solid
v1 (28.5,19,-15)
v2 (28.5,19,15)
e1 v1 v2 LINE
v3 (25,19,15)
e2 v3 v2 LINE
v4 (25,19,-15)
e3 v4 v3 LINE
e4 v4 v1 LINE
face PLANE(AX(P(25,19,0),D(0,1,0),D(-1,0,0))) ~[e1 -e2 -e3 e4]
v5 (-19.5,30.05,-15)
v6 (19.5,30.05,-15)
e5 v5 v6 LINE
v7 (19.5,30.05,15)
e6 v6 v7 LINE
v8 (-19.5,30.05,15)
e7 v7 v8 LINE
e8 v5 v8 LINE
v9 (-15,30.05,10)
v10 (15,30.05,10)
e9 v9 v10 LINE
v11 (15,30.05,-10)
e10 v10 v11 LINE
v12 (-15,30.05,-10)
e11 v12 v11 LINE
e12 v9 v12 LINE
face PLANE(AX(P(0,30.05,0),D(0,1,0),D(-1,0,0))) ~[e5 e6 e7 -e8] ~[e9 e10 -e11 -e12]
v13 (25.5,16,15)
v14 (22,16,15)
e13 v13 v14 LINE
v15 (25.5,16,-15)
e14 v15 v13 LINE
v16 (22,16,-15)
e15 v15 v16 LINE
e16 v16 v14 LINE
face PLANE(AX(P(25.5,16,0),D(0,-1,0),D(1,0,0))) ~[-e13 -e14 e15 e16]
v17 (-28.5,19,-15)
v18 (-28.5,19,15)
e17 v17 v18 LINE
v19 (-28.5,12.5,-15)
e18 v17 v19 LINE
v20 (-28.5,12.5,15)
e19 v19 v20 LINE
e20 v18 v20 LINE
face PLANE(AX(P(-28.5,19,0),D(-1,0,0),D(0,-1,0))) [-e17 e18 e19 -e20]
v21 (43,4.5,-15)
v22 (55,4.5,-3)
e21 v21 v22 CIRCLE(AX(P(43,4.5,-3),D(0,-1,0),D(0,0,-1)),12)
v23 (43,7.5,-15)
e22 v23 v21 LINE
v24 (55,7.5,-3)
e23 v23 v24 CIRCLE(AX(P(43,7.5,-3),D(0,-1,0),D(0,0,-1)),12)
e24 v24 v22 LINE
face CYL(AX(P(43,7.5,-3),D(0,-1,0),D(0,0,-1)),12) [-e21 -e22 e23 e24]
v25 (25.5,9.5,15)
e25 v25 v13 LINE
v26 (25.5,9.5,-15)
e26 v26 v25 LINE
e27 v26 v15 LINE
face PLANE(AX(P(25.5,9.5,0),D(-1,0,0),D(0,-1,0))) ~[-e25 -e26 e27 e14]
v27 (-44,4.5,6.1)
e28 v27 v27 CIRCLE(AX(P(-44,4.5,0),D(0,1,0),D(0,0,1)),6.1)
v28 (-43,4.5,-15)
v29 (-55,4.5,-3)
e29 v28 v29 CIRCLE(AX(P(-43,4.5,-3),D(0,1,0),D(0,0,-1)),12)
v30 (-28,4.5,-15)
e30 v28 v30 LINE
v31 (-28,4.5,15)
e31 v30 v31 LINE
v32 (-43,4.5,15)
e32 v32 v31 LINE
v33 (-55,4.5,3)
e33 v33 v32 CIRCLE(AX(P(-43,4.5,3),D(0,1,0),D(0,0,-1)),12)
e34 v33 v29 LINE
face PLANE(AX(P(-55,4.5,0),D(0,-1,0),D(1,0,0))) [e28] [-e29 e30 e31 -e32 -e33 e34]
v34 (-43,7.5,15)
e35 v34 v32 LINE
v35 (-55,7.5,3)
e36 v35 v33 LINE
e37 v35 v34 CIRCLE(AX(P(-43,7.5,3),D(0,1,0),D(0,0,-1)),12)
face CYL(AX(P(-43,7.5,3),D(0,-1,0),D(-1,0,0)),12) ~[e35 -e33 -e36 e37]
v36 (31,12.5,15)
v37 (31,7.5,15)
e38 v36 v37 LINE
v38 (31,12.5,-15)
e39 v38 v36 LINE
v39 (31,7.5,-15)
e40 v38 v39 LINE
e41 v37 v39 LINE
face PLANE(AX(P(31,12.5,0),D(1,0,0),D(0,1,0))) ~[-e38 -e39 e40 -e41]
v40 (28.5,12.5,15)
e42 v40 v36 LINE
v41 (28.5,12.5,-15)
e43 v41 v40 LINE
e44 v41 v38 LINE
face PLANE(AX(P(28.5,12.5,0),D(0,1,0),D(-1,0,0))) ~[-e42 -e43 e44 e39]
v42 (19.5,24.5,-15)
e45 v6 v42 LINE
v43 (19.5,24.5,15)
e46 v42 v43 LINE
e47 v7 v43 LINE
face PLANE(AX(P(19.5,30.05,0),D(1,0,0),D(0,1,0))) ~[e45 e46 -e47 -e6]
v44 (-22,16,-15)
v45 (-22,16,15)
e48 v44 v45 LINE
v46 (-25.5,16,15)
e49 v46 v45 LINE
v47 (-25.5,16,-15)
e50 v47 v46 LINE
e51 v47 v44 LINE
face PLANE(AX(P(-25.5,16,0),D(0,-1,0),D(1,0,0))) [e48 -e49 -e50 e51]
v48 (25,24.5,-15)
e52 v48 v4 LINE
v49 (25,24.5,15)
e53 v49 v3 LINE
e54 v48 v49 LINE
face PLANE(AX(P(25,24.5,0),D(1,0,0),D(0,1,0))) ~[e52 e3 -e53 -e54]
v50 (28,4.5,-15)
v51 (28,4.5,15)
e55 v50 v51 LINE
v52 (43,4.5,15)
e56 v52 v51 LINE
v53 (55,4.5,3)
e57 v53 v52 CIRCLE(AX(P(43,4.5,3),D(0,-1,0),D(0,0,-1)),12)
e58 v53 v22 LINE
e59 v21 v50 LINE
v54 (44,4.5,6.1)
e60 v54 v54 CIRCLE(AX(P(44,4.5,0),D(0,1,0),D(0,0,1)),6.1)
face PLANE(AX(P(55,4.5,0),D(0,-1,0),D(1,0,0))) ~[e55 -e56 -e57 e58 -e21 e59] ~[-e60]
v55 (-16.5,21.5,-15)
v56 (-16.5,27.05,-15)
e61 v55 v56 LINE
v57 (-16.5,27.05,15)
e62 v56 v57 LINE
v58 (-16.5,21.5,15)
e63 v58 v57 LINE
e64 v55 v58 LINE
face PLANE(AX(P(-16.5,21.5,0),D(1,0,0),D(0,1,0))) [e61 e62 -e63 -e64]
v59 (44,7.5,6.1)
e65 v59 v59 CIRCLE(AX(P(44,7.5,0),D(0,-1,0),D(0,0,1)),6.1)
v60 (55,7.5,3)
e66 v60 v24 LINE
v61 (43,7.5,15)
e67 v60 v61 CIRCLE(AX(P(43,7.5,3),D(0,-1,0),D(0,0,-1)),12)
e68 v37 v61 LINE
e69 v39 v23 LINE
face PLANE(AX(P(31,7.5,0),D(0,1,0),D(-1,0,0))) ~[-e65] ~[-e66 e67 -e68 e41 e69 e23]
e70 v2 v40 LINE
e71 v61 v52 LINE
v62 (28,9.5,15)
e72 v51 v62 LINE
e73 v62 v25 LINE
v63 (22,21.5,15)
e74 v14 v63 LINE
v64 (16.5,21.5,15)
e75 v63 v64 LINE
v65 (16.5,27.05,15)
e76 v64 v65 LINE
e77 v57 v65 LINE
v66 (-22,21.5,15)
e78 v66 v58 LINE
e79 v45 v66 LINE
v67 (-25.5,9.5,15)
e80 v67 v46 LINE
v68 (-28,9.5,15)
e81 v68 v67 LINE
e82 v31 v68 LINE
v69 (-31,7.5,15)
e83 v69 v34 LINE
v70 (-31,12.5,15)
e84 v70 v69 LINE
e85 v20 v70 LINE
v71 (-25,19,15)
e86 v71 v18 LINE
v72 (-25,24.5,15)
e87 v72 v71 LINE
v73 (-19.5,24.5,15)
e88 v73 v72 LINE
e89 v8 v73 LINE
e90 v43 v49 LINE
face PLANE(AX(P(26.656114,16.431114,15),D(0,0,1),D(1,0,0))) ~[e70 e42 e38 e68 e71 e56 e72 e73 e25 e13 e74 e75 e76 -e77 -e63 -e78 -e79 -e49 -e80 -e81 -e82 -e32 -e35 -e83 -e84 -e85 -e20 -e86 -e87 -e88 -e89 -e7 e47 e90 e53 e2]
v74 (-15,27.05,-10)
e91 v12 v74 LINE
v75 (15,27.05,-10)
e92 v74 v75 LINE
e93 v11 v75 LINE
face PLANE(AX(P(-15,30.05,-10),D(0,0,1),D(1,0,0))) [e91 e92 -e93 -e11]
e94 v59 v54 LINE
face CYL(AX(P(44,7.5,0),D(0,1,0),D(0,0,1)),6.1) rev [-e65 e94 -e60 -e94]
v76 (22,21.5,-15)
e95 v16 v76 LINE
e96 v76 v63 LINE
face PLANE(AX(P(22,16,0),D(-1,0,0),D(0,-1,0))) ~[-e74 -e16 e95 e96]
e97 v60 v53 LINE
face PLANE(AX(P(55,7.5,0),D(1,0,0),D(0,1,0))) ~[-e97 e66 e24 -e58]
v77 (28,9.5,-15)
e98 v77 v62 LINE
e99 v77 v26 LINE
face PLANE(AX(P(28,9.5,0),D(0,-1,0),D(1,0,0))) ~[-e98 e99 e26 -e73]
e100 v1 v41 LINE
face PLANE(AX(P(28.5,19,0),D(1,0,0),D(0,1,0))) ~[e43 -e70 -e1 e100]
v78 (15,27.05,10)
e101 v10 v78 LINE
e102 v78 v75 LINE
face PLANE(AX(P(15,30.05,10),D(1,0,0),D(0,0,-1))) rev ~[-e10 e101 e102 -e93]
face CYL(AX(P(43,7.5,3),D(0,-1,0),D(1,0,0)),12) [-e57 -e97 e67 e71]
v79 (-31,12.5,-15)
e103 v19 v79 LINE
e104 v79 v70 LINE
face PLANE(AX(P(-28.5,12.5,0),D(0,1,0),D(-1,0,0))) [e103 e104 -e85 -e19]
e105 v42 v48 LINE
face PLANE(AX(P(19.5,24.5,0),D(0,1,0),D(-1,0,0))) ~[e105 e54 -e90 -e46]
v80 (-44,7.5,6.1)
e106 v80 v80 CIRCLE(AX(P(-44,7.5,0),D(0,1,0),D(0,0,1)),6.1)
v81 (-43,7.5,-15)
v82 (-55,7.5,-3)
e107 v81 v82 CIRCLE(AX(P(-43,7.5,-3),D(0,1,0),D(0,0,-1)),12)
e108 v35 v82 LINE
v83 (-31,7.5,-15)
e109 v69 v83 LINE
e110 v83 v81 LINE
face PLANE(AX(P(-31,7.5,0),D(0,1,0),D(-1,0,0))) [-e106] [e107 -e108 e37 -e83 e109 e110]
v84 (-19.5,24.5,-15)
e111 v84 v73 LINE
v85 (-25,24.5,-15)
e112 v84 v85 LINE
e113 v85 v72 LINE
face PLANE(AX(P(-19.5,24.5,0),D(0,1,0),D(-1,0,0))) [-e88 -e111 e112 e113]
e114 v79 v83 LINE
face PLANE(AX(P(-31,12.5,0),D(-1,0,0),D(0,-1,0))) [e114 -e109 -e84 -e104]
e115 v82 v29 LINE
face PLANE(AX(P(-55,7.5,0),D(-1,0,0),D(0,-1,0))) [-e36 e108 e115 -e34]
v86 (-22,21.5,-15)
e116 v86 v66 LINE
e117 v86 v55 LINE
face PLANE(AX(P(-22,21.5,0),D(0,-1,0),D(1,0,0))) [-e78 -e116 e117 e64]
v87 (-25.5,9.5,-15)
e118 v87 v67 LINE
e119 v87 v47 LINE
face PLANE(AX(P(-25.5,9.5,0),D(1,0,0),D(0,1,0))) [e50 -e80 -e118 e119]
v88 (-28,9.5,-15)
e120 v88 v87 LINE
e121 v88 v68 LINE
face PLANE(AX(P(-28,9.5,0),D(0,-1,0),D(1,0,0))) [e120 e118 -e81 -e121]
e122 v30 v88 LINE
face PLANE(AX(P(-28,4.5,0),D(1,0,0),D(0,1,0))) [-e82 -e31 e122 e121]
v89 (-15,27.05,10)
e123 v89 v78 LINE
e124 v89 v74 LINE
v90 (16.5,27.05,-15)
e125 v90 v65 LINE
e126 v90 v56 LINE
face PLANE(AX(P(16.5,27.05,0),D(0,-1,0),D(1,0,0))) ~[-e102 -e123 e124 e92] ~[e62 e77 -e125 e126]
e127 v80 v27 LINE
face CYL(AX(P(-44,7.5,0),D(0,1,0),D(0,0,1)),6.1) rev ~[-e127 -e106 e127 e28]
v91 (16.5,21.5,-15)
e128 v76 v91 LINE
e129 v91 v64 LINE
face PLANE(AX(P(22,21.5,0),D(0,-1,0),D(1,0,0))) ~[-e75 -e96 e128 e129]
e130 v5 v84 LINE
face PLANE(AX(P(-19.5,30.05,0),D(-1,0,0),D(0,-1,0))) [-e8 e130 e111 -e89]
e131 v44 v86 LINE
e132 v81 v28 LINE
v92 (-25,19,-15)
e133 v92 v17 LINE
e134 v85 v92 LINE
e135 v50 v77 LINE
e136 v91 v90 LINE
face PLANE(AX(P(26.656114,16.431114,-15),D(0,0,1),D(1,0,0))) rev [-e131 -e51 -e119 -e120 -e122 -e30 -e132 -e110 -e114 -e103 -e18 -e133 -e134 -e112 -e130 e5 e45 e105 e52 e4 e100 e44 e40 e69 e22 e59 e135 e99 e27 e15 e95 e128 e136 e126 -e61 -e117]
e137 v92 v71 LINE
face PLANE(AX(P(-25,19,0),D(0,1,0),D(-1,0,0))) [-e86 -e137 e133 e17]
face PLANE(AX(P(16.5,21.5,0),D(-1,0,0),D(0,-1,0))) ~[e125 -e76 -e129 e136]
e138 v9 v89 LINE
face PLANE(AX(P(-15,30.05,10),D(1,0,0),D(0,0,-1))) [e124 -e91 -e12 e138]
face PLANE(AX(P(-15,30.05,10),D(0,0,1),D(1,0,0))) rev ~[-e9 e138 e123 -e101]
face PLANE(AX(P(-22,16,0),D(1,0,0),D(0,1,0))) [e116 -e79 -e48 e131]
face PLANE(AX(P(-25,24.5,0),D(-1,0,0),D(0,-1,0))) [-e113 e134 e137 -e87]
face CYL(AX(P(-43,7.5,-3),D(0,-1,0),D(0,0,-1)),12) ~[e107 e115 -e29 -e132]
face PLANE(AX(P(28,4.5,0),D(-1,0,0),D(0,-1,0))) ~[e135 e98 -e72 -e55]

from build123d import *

# Parameters (mm, degrees)
EXTRUDE_THIN1_DEPTH  = 15
SKETCH2_R            = 6.1
CUT_EXTRUDE1_DEPTH   = 62.306626885
FILLET1_R            = 12
FILLET1_OF_MIRROR1_R = 12
SKETCH3_W            = 30
SKETCH3_H            = 20
CUT_EXTRUDE2_DEPTH   = 63.472413912


with BuildPart() as part:
    # Sketch1 → Extrude-Thin1 (new, symmetric)
    with BuildSketch(Plane.XY):
        Polygon((-55, 4.5), (-28, 4.5), (-28, 9.5), (-25.5, 9.5), (-25.5, 16), (-22, 16), (-22, 21.5), (-16.5, 21.5), (-16.5, 27.05), (0, 27.05), (0, 30.05), (-19.5, 30.05), (-19.5, 24.5), (-25, 24.5), (-25, 19), (-28.5, 19), (-28.5, 12.5), (-31, 12.5), (-31, 7.5), (-55, 7.5), align=None)
    extrude_thin1 = extrude(amount=EXTRUDE_THIN1_DEPTH, both=True)

    # Sketch2 → Cut-Extrude1 (cut, through all)
    with BuildSketch(Plane(origin=(0, 7.5, 0), x_dir=(1, 0, 0), z_dir=(0, 1, 0))):
        with Locations(Location((-44, 0, 0), (0, 0, 270))):
            Circle(SKETCH2_R)
    cut_extrude1 = extrude(amount=-CUT_EXTRUDE1_DEPTH, mode=Mode.SUBTRACT)

    # Fillet1
    fillet1_edges = [part.edges().sort_by_distance(p)[0] for p in [
        (-55, 6, -15),
        (-55, 6, 15),
    ]]
    fillet(fillet1_edges, radius=FILLET1_R)

    # Mirror1: Extrude-Thin1, Cut-Extrude1 across plane
    add(extrude_thin1.mirror(Plane(origin=(0, 30.05, 15), x_dir=(0, 0, 1), z_dir=(1, 0, 0))))
    add(cut_extrude1.mirror(Plane(origin=(0, 30.05, 15), x_dir=(0, 0, 1), z_dir=(1, 0, 0))), mode=Mode.SUBTRACT)

    # Fillet1 of Mirror1
    fillet1_of_mirror1_edges = [part.edges().sort_by_distance(p)[0] for p in [
        (55, 6, -15),
        (55, 6, 15),
    ]]
    fillet(fillet1_of_mirror1_edges, radius=FILLET1_OF_MIRROR1_R)

    # Sketch3 → Cut-Extrude2 (cut, through all)
    with BuildSketch(Plane(origin=(0, 30.05, 0), x_dir=(1, 0, 0), z_dir=(0, 1, 0))):
        Rectangle(SKETCH3_W, SKETCH3_H)
    extrude(amount=-CUT_EXTRUDE2_DEPTH, mode=Mode.SUBTRACT)


solid = part.part
